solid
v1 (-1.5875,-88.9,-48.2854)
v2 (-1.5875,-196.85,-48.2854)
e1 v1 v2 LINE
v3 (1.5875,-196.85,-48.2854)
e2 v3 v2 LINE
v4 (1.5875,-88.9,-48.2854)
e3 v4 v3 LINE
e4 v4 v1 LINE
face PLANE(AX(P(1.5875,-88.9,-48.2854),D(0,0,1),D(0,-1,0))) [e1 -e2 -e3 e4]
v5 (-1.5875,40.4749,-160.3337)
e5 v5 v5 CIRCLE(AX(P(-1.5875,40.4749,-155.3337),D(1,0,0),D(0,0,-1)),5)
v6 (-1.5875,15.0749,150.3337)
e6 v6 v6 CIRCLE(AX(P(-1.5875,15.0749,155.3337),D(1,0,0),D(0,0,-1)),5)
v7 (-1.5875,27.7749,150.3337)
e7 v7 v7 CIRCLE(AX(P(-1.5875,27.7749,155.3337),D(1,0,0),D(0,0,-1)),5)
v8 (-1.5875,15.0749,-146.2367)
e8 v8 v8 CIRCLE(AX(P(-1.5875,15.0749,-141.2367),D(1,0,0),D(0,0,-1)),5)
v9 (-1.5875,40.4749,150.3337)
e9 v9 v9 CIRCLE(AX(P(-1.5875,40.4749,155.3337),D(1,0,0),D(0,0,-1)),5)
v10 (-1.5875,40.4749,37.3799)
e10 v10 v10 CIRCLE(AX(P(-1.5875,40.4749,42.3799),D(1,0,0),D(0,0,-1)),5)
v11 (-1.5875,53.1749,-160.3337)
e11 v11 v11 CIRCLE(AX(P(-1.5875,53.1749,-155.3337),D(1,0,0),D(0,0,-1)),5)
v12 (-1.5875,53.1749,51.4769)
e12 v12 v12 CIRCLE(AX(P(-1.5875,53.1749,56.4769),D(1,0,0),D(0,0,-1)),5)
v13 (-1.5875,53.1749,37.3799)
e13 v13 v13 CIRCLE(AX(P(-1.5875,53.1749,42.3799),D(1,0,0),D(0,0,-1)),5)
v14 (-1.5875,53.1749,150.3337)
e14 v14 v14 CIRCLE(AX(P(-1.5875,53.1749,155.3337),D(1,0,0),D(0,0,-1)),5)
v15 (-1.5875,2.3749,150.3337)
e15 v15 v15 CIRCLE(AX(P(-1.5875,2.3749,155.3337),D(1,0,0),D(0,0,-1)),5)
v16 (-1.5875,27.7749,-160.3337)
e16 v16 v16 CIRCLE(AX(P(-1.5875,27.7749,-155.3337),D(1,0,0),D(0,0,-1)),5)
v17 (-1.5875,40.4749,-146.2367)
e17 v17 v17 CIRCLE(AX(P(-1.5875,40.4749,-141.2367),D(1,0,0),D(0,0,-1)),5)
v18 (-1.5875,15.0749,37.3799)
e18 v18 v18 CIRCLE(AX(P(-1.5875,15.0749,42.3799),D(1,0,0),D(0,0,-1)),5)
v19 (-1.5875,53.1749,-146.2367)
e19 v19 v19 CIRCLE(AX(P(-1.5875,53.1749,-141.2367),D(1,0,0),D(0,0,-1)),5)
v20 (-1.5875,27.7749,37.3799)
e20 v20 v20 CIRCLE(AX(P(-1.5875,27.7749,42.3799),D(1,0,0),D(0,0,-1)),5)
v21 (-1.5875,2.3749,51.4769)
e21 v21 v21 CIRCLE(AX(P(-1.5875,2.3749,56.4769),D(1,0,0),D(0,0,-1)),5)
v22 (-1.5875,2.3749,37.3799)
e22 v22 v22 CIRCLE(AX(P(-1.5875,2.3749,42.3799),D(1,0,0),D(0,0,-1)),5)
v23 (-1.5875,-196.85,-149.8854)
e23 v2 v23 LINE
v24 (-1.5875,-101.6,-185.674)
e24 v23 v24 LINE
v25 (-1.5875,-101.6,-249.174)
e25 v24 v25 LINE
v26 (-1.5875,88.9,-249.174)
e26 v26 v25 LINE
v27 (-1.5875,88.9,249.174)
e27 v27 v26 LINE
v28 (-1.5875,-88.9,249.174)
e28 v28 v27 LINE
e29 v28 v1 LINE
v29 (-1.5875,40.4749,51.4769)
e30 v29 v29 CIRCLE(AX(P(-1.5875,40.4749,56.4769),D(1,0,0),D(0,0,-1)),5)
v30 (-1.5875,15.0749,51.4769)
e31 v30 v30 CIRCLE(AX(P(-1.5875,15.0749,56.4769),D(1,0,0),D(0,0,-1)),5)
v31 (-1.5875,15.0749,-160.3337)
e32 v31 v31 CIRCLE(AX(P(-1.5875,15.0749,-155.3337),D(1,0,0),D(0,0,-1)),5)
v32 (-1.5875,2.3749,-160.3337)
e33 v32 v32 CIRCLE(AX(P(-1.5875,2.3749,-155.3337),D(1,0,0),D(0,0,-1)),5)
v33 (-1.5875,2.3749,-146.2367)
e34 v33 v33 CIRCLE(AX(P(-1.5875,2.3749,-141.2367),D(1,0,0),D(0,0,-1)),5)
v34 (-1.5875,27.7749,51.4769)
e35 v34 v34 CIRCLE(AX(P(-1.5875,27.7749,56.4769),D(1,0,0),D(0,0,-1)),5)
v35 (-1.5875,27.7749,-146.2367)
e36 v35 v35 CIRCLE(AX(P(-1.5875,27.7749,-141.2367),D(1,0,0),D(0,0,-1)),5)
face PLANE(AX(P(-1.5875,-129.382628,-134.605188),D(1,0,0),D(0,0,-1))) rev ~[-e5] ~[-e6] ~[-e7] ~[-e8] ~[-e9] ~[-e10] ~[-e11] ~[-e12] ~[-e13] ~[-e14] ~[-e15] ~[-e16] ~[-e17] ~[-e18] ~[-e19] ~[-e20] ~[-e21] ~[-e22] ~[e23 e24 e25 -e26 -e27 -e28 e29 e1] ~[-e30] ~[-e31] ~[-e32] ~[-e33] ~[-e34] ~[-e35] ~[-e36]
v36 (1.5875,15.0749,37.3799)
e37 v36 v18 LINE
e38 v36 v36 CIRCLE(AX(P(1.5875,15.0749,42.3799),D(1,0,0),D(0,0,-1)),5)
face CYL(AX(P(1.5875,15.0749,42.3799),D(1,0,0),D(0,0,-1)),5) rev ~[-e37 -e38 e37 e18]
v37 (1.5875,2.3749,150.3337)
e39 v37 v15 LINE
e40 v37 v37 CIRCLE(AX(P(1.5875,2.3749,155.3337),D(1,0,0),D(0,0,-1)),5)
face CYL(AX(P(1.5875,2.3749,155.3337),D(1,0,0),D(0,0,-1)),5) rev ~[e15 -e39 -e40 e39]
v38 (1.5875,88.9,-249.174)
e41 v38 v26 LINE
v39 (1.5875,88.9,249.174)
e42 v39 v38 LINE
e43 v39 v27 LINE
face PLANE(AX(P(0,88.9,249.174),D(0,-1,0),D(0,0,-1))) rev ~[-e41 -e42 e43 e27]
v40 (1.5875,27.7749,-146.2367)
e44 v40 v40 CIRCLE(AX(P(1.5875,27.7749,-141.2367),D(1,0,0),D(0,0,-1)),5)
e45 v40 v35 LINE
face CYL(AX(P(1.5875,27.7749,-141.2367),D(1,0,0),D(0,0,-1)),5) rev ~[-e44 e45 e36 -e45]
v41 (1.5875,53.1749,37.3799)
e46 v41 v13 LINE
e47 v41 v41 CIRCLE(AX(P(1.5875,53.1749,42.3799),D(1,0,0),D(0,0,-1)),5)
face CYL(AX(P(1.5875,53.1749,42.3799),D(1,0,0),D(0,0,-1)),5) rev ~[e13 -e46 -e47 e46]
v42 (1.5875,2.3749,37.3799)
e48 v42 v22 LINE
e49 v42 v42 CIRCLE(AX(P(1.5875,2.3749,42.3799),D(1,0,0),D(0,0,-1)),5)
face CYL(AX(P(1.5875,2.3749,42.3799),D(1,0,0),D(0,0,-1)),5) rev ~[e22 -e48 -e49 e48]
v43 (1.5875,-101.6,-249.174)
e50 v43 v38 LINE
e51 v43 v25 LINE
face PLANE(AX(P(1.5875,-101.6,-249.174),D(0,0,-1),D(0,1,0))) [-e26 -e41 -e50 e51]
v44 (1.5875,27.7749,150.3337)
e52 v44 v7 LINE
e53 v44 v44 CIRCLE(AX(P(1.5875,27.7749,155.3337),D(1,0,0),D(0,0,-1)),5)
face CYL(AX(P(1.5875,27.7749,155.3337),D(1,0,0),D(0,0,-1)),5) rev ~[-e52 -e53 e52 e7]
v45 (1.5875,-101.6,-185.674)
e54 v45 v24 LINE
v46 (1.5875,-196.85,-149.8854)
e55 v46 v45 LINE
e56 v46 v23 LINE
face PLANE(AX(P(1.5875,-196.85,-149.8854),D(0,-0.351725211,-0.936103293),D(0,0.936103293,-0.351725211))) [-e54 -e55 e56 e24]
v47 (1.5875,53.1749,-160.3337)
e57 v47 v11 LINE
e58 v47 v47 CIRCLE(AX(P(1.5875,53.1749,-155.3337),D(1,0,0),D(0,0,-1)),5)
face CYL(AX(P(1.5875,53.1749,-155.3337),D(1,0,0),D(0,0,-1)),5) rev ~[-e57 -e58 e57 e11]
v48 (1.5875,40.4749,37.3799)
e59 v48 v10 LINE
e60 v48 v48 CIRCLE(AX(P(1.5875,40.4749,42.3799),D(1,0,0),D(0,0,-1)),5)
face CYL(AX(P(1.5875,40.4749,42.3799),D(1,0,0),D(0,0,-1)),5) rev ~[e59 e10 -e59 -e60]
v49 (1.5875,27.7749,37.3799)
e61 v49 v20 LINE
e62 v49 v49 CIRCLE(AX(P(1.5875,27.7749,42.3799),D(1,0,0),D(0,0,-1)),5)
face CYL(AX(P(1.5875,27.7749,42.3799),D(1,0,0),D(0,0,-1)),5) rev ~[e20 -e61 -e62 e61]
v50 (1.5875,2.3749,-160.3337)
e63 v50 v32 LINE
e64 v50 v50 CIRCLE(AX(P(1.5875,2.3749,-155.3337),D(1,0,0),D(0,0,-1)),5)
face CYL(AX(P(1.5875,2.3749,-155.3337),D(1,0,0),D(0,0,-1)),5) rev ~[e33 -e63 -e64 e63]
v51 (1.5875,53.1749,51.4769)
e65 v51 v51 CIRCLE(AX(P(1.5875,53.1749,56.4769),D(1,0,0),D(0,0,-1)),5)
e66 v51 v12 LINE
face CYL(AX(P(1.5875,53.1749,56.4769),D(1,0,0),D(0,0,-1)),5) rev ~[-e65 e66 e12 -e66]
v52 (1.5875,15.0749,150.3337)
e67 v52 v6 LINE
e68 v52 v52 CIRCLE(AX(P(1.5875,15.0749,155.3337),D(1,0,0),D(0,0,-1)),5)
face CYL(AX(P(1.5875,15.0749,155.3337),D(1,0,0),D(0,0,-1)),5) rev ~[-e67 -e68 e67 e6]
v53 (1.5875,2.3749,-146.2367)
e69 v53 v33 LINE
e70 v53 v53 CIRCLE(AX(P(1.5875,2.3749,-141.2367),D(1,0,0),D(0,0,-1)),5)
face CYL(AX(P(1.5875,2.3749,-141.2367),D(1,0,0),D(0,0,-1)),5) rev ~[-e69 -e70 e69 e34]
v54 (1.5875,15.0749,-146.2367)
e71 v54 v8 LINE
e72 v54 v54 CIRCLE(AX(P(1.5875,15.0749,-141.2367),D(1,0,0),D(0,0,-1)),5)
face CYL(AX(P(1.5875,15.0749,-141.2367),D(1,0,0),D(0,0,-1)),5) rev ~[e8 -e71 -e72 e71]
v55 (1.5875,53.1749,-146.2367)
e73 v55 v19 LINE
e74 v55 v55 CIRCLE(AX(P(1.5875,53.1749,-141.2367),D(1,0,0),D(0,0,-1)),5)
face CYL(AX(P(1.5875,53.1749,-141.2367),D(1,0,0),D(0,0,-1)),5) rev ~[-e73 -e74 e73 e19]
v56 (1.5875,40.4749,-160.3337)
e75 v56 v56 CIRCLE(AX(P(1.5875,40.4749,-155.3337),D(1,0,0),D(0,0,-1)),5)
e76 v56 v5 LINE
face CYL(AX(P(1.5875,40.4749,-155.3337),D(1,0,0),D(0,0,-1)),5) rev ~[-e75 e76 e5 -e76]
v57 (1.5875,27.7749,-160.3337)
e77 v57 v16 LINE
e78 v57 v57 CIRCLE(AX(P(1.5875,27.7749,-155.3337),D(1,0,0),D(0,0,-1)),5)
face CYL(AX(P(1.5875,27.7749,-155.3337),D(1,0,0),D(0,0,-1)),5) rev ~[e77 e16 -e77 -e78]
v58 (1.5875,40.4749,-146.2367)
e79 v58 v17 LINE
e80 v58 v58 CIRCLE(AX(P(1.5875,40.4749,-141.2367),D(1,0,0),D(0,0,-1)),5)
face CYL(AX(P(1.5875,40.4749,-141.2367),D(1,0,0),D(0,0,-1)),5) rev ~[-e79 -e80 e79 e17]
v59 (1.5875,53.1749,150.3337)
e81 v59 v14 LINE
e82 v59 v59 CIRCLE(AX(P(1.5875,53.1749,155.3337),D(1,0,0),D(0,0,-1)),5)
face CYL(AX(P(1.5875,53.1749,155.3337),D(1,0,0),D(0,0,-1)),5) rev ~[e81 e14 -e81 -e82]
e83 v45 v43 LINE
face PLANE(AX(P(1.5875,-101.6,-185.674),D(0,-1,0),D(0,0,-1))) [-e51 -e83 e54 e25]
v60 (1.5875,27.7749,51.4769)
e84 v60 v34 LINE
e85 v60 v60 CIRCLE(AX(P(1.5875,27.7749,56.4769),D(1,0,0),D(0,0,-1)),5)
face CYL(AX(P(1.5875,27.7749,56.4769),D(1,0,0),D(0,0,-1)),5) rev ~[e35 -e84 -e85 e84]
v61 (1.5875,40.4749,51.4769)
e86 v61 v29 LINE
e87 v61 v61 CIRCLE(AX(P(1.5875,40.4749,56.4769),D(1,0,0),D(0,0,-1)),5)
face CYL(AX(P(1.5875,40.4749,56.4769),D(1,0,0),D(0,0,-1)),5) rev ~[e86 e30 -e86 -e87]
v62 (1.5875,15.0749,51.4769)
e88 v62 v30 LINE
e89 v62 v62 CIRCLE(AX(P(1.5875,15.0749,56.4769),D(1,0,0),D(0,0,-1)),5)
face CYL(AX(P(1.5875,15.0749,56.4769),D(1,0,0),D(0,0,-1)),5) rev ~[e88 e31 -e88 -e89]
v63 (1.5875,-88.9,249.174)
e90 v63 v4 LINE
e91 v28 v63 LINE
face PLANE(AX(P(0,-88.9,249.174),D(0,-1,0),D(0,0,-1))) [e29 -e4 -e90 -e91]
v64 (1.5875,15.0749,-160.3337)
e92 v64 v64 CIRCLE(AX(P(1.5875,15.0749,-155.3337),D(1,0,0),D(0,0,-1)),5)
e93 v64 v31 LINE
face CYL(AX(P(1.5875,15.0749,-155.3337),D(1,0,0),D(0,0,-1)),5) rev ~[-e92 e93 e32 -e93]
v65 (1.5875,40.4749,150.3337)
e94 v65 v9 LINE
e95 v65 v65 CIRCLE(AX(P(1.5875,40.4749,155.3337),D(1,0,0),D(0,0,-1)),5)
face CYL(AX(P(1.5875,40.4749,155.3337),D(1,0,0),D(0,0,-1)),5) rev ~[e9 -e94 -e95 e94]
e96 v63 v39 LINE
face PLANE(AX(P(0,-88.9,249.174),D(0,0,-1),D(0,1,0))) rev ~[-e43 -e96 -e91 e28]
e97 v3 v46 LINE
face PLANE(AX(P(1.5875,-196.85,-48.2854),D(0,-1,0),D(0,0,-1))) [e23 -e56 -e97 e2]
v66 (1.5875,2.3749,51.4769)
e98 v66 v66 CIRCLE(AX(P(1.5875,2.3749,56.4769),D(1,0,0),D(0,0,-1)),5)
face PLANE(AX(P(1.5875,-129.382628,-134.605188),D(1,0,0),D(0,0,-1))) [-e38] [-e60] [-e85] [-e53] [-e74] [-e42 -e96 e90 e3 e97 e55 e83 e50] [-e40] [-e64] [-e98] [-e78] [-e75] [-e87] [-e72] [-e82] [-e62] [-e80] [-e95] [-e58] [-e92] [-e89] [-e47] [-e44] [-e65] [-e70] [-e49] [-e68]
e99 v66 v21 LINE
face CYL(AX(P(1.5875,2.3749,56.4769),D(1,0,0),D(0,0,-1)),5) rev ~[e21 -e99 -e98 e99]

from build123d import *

# Parameters (mm, degrees)
SKETCH1_W                 = 498.348
SKETCH1_H                 = 177.8
BOSS_EXTRUDE1_DEPTH       = 1.5875
BOSS_EXTRUDE2_DEPTH       = 3.175
SKETCH3_R                 = 5
CUT_EXTRUDE1_DEPTH        = 318.565245896
LPATTERN3_COUNT           = 3
LPATTERN3_PITCH           = 12.7
LPATTERN3_COL_COUNT       = 3
LPATTERN3_COL_PITCH       = 12.7
LPATTERN1_COUNT           = 2
LPATTERN1_PITCH           = 197.7136
LPATTERN1_COPY_1_SKETCH_R = 5
LPATTERN1_COPY_1_DEPTH    = 318.565245896
LPATTERN1_COPY_2_SKETCH_R = 5
LPATTERN1_COPY_2_DEPTH    = 318.565245896
LPATTERN1_COPY_3_SKETCH_R = 5
LPATTERN1_COPY_3_DEPTH    = 318.565245896
LPATTERN1_COPY_4_SKETCH_R = 5
LPATTERN1_COPY_4_DEPTH    = 318.565245896
SKETCH4_R                 = 5
CUT_EXTRUDE2_DEPTH        = 318.565245896
LPATTERN4_COUNT           = 3
LPATTERN4_PITCH           = 12.7
LPATTERN4_COL_COUNT       = 3
LPATTERN4_COL_PITCH       = 12.7
LPATTERN5_COUNT           = 4
LPATTERN5_PITCH           = 98.8568
LPATTERN5_COPY_1_SKETCH_R = 5
LPATTERN5_COPY_1_DEPTH    = 318.565245896
LPATTERN5_COPY_2_SKETCH_R = 5
LPATTERN5_COPY_2_DEPTH    = 318.565245896
LPATTERN5_COPY_3_SKETCH_R = 5
LPATTERN5_COPY_3_DEPTH    = 318.565245896
LPATTERN5_COPY_4_SKETCH_R = 5
LPATTERN5_COPY_4_DEPTH    = 318.565245896
LPATTERN5_COPY_5_SKETCH_R = 5
LPATTERN5_COPY_5_DEPTH    = 318.565245896
LPATTERN5_COPY_6_SKETCH_R = 5
LPATTERN5_COPY_6_DEPTH    = 318.565245896
LPATTERN5_COPY_7_SKETCH_R = 5
LPATTERN5_COPY_7_DEPTH    = 318.565245896
LPATTERN5_COPY_8_SKETCH_R = 5
LPATTERN5_COPY_8_DEPTH    = 318.565245896


with BuildPart() as part:
    # Sketch1 → Boss-Extrude1 (new, symmetric)
    with BuildSketch(Plane(origin=(0, 0, 0), x_dir=(0, 0, -1), z_dir=(1, 0, 0))):
        Rectangle(SKETCH1_W, SKETCH1_H)
    extrude(amount=BOSS_EXTRUDE1_DEPTH, both=True)

    # Sketch2 → Boss-Extrude2 (add)
    with BuildSketch(Plane(origin=(1.5875, 0, 0), x_dir=(0, 0, -1), z_dir=(1, 0, 0))):
        Polygon((249.174, -88.9), (48.2854, -88.9), (48.2854, -196.85), (149.8854, -196.85), (185.674, -101.6), (249.174, -101.6), align=None)
    extrude(amount=-BOSS_EXTRUDE2_DEPTH)

    # Sketch3 → Cut-Extrude1 (cut, through all)
    with BuildSketch(Plane(origin=(1.5875, 0, 0), x_dir=(0, 0, -1), z_dir=(1, 0, 0))):
        with Locations((155.3337, 27.7749)):
            Circle(SKETCH3_R)
    cut_extrude1 = extrude(amount=-CUT_EXTRUDE1_DEPTH, mode=Mode.SUBTRACT)

    # LPattern3: Cut-Extrude1 ×3
    with Locations(*[(0, i * LPATTERN3_PITCH, 0) for i in range(1, LPATTERN3_COUNT)]):
        add(cut_extrude1, mode=Mode.SUBTRACT)

    # LPattern3 col: Cut-Extrude1 ×3
    with Locations(*[(0, -i * LPATTERN3_COL_PITCH, 0) for i in range(1, LPATTERN3_COL_COUNT)]):
        add(cut_extrude1, mode=Mode.SUBTRACT)

    # LPattern1: Cut-Extrude1 ×2
    with Locations(*[(0, 0, i * LPATTERN1_PITCH) for i in range(1, LPATTERN1_COUNT)]):
        add(cut_extrude1, mode=Mode.SUBTRACT)

    # LPattern1 copy 1 sketch → LPattern1 copy 1 (cut, through all)
    with BuildSketch(Plane(origin=(1.5875, 12.7, 197.7136), x_dir=(0, 0, -1), z_dir=(1, 0, 0))):
        with Locations((155.3337, 27.7749)):
            Circle(LPATTERN1_COPY_1_SKETCH_R)
    extrude(amount=-LPATTERN1_COPY_1_DEPTH, mode=Mode.SUBTRACT)

    # LPattern1 copy 2 sketch → LPattern1 copy 2 (cut, through all)
    with BuildSketch(Plane(origin=(1.5875, 25.4, 197.7136), x_dir=(0, 0, -1), z_dir=(1, 0, 0))):
        with Locations((155.3337, 27.7749)):
            Circle(LPATTERN1_COPY_2_SKETCH_R)
    extrude(amount=-LPATTERN1_COPY_2_DEPTH, mode=Mode.SUBTRACT)

    # LPattern1 copy 3 sketch → LPattern1 copy 3 (cut, through all)
    with BuildSketch(Plane(origin=(1.5875, -12.7, 197.7136), x_dir=(0, 0, -1), z_dir=(1, 0, 0))):
        with Locations((155.3337, 27.7749)):
            Circle(LPATTERN1_COPY_3_SKETCH_R)
    extrude(amount=-LPATTERN1_COPY_3_DEPTH, mode=Mode.SUBTRACT)

    # LPattern1 copy 4 sketch → LPattern1 copy 4 (cut, through all)
    with BuildSketch(Plane(origin=(1.5875, -25.4, 197.7136), x_dir=(0, 0, -1), z_dir=(1, 0, 0))):
        with Locations((155.3337, 27.7749)):
            Circle(LPATTERN1_COPY_4_SKETCH_R)
    extrude(amount=-LPATTERN1_COPY_4_DEPTH, mode=Mode.SUBTRACT)

    # Sketch4 → Cut-Extrude2 (cut, through all)
    with BuildSketch(Plane(origin=(1.5875, 0, 0), x_dir=(0, 0, -1), z_dir=(1, 0, 0))):
        with Locations((141.2367, 27.7749)):
            Circle(SKETCH4_R)
    cut_extrude2 = extrude(amount=-CUT_EXTRUDE2_DEPTH, mode=Mode.SUBTRACT)

    # LPattern4: Cut-Extrude2 ×3
    with Locations(*[(0, i * LPATTERN4_PITCH, 0) for i in range(1, LPATTERN4_COUNT)]):
        add(cut_extrude2, mode=Mode.SUBTRACT)

    # LPattern4 col: Cut-Extrude2 ×3
    with Locations(*[(0, -i * LPATTERN4_COL_PITCH, 0) for i in range(1, LPATTERN4_COL_COUNT)]):
        add(cut_extrude2, mode=Mode.SUBTRACT)

    # LPattern5: Cut-Extrude2 ×4, 1 skipped
    with Locations(*[(0, 0, i * LPATTERN5_PITCH) for i in range(1, LPATTERN5_COUNT) if i not in (1,)]):
        add(cut_extrude2, mode=Mode.SUBTRACT)

    # LPattern5 copy 1 sketch → LPattern5 copy 1 (cut, through all)
    with BuildSketch(Plane(origin=(1.5875, 12.7, 197.7136), x_dir=(0, 0, -1), z_dir=(1, 0, 0))):
        with Locations((141.2367, 27.7749)):
            Circle(LPATTERN5_COPY_1_SKETCH_R)
    extrude(amount=-LPATTERN5_COPY_1_DEPTH, mode=Mode.SUBTRACT)

    # LPattern5 copy 2 sketch → LPattern5 copy 2 (cut, through all)
    with BuildSketch(Plane(origin=(1.5875, 12.7, 296.5704), x_dir=(0, 0, -1), z_dir=(1, 0, 0))):
        with Locations((141.2367, 27.7749)):
            Circle(LPATTERN5_COPY_2_SKETCH_R)
    extrude(amount=-LPATTERN5_COPY_2_DEPTH, mode=Mode.SUBTRACT)

    # LPattern5 copy 3 sketch → LPattern5 copy 3 (cut, through all)
    with BuildSketch(Plane(origin=(1.5875, 25.4, 197.7136), x_dir=(0, 0, -1), z_dir=(1, 0, 0))):
        with Locations((141.2367, 27.7749)):
            Circle(LPATTERN5_COPY_3_SKETCH_R)
    extrude(amount=-LPATTERN5_COPY_3_DEPTH, mode=Mode.SUBTRACT)

    # LPattern5 copy 4 sketch → LPattern5 copy 4 (cut, through all)
    with BuildSketch(Plane(origin=(1.5875, 25.4, 296.5704), x_dir=(0, 0, -1), z_dir=(1, 0, 0))):
        with Locations((141.2367, 27.7749)):
            Circle(LPATTERN5_COPY_4_SKETCH_R)
    extrude(amount=-LPATTERN5_COPY_4_DEPTH, mode=Mode.SUBTRACT)

    # LPattern5 copy 5 sketch → LPattern5 copy 5 (cut, through all)
    with BuildSketch(Plane(origin=(1.5875, -12.7, 197.7136), x_dir=(0, 0, -1), z_dir=(1, 0, 0))):
        with Locations((141.2367, 27.7749)):
            Circle(LPATTERN5_COPY_5_SKETCH_R)
    extrude(amount=-LPATTERN5_COPY_5_DEPTH, mode=Mode.SUBTRACT)

    # LPattern5 copy 6 sketch → LPattern5 copy 6 (cut, through all)
    with BuildSketch(Plane(origin=(1.5875, -12.7, 296.5704), x_dir=(0, 0, -1), z_dir=(1, 0, 0))):
        with Locations((141.2367, 27.7749)):
            Circle(LPATTERN5_COPY_6_SKETCH_R)
    extrude(amount=-LPATTERN5_COPY_6_DEPTH, mode=Mode.SUBTRACT)

    # LPattern5 copy 7 sketch → LPattern5 copy 7 (cut, through all)
    with BuildSketch(Plane(origin=(1.5875, -25.4, 197.7136), x_dir=(0, 0, -1), z_dir=(1, 0, 0))):
        with Locations((141.2367, 27.7749)):
            Circle(LPATTERN5_COPY_7_SKETCH_R)
    extrude(amount=-LPATTERN5_COPY_7_DEPTH, mode=Mode.SUBTRACT)

    # LPattern5 copy 8 sketch → LPattern5 copy 8 (cut, through all)
    with BuildSketch(Plane(origin=(1.5875, -25.4, 296.5704), x_dir=(0, 0, -1), z_dir=(1, 0, 0))):
        with Locations((141.2367, 27.7749)):
            Circle(LPATTERN5_COPY_8_SKETCH_R)
    extrude(amount=-LPATTERN5_COPY_8_DEPTH, mode=Mode.SUBTRACT)


solid = part.part
